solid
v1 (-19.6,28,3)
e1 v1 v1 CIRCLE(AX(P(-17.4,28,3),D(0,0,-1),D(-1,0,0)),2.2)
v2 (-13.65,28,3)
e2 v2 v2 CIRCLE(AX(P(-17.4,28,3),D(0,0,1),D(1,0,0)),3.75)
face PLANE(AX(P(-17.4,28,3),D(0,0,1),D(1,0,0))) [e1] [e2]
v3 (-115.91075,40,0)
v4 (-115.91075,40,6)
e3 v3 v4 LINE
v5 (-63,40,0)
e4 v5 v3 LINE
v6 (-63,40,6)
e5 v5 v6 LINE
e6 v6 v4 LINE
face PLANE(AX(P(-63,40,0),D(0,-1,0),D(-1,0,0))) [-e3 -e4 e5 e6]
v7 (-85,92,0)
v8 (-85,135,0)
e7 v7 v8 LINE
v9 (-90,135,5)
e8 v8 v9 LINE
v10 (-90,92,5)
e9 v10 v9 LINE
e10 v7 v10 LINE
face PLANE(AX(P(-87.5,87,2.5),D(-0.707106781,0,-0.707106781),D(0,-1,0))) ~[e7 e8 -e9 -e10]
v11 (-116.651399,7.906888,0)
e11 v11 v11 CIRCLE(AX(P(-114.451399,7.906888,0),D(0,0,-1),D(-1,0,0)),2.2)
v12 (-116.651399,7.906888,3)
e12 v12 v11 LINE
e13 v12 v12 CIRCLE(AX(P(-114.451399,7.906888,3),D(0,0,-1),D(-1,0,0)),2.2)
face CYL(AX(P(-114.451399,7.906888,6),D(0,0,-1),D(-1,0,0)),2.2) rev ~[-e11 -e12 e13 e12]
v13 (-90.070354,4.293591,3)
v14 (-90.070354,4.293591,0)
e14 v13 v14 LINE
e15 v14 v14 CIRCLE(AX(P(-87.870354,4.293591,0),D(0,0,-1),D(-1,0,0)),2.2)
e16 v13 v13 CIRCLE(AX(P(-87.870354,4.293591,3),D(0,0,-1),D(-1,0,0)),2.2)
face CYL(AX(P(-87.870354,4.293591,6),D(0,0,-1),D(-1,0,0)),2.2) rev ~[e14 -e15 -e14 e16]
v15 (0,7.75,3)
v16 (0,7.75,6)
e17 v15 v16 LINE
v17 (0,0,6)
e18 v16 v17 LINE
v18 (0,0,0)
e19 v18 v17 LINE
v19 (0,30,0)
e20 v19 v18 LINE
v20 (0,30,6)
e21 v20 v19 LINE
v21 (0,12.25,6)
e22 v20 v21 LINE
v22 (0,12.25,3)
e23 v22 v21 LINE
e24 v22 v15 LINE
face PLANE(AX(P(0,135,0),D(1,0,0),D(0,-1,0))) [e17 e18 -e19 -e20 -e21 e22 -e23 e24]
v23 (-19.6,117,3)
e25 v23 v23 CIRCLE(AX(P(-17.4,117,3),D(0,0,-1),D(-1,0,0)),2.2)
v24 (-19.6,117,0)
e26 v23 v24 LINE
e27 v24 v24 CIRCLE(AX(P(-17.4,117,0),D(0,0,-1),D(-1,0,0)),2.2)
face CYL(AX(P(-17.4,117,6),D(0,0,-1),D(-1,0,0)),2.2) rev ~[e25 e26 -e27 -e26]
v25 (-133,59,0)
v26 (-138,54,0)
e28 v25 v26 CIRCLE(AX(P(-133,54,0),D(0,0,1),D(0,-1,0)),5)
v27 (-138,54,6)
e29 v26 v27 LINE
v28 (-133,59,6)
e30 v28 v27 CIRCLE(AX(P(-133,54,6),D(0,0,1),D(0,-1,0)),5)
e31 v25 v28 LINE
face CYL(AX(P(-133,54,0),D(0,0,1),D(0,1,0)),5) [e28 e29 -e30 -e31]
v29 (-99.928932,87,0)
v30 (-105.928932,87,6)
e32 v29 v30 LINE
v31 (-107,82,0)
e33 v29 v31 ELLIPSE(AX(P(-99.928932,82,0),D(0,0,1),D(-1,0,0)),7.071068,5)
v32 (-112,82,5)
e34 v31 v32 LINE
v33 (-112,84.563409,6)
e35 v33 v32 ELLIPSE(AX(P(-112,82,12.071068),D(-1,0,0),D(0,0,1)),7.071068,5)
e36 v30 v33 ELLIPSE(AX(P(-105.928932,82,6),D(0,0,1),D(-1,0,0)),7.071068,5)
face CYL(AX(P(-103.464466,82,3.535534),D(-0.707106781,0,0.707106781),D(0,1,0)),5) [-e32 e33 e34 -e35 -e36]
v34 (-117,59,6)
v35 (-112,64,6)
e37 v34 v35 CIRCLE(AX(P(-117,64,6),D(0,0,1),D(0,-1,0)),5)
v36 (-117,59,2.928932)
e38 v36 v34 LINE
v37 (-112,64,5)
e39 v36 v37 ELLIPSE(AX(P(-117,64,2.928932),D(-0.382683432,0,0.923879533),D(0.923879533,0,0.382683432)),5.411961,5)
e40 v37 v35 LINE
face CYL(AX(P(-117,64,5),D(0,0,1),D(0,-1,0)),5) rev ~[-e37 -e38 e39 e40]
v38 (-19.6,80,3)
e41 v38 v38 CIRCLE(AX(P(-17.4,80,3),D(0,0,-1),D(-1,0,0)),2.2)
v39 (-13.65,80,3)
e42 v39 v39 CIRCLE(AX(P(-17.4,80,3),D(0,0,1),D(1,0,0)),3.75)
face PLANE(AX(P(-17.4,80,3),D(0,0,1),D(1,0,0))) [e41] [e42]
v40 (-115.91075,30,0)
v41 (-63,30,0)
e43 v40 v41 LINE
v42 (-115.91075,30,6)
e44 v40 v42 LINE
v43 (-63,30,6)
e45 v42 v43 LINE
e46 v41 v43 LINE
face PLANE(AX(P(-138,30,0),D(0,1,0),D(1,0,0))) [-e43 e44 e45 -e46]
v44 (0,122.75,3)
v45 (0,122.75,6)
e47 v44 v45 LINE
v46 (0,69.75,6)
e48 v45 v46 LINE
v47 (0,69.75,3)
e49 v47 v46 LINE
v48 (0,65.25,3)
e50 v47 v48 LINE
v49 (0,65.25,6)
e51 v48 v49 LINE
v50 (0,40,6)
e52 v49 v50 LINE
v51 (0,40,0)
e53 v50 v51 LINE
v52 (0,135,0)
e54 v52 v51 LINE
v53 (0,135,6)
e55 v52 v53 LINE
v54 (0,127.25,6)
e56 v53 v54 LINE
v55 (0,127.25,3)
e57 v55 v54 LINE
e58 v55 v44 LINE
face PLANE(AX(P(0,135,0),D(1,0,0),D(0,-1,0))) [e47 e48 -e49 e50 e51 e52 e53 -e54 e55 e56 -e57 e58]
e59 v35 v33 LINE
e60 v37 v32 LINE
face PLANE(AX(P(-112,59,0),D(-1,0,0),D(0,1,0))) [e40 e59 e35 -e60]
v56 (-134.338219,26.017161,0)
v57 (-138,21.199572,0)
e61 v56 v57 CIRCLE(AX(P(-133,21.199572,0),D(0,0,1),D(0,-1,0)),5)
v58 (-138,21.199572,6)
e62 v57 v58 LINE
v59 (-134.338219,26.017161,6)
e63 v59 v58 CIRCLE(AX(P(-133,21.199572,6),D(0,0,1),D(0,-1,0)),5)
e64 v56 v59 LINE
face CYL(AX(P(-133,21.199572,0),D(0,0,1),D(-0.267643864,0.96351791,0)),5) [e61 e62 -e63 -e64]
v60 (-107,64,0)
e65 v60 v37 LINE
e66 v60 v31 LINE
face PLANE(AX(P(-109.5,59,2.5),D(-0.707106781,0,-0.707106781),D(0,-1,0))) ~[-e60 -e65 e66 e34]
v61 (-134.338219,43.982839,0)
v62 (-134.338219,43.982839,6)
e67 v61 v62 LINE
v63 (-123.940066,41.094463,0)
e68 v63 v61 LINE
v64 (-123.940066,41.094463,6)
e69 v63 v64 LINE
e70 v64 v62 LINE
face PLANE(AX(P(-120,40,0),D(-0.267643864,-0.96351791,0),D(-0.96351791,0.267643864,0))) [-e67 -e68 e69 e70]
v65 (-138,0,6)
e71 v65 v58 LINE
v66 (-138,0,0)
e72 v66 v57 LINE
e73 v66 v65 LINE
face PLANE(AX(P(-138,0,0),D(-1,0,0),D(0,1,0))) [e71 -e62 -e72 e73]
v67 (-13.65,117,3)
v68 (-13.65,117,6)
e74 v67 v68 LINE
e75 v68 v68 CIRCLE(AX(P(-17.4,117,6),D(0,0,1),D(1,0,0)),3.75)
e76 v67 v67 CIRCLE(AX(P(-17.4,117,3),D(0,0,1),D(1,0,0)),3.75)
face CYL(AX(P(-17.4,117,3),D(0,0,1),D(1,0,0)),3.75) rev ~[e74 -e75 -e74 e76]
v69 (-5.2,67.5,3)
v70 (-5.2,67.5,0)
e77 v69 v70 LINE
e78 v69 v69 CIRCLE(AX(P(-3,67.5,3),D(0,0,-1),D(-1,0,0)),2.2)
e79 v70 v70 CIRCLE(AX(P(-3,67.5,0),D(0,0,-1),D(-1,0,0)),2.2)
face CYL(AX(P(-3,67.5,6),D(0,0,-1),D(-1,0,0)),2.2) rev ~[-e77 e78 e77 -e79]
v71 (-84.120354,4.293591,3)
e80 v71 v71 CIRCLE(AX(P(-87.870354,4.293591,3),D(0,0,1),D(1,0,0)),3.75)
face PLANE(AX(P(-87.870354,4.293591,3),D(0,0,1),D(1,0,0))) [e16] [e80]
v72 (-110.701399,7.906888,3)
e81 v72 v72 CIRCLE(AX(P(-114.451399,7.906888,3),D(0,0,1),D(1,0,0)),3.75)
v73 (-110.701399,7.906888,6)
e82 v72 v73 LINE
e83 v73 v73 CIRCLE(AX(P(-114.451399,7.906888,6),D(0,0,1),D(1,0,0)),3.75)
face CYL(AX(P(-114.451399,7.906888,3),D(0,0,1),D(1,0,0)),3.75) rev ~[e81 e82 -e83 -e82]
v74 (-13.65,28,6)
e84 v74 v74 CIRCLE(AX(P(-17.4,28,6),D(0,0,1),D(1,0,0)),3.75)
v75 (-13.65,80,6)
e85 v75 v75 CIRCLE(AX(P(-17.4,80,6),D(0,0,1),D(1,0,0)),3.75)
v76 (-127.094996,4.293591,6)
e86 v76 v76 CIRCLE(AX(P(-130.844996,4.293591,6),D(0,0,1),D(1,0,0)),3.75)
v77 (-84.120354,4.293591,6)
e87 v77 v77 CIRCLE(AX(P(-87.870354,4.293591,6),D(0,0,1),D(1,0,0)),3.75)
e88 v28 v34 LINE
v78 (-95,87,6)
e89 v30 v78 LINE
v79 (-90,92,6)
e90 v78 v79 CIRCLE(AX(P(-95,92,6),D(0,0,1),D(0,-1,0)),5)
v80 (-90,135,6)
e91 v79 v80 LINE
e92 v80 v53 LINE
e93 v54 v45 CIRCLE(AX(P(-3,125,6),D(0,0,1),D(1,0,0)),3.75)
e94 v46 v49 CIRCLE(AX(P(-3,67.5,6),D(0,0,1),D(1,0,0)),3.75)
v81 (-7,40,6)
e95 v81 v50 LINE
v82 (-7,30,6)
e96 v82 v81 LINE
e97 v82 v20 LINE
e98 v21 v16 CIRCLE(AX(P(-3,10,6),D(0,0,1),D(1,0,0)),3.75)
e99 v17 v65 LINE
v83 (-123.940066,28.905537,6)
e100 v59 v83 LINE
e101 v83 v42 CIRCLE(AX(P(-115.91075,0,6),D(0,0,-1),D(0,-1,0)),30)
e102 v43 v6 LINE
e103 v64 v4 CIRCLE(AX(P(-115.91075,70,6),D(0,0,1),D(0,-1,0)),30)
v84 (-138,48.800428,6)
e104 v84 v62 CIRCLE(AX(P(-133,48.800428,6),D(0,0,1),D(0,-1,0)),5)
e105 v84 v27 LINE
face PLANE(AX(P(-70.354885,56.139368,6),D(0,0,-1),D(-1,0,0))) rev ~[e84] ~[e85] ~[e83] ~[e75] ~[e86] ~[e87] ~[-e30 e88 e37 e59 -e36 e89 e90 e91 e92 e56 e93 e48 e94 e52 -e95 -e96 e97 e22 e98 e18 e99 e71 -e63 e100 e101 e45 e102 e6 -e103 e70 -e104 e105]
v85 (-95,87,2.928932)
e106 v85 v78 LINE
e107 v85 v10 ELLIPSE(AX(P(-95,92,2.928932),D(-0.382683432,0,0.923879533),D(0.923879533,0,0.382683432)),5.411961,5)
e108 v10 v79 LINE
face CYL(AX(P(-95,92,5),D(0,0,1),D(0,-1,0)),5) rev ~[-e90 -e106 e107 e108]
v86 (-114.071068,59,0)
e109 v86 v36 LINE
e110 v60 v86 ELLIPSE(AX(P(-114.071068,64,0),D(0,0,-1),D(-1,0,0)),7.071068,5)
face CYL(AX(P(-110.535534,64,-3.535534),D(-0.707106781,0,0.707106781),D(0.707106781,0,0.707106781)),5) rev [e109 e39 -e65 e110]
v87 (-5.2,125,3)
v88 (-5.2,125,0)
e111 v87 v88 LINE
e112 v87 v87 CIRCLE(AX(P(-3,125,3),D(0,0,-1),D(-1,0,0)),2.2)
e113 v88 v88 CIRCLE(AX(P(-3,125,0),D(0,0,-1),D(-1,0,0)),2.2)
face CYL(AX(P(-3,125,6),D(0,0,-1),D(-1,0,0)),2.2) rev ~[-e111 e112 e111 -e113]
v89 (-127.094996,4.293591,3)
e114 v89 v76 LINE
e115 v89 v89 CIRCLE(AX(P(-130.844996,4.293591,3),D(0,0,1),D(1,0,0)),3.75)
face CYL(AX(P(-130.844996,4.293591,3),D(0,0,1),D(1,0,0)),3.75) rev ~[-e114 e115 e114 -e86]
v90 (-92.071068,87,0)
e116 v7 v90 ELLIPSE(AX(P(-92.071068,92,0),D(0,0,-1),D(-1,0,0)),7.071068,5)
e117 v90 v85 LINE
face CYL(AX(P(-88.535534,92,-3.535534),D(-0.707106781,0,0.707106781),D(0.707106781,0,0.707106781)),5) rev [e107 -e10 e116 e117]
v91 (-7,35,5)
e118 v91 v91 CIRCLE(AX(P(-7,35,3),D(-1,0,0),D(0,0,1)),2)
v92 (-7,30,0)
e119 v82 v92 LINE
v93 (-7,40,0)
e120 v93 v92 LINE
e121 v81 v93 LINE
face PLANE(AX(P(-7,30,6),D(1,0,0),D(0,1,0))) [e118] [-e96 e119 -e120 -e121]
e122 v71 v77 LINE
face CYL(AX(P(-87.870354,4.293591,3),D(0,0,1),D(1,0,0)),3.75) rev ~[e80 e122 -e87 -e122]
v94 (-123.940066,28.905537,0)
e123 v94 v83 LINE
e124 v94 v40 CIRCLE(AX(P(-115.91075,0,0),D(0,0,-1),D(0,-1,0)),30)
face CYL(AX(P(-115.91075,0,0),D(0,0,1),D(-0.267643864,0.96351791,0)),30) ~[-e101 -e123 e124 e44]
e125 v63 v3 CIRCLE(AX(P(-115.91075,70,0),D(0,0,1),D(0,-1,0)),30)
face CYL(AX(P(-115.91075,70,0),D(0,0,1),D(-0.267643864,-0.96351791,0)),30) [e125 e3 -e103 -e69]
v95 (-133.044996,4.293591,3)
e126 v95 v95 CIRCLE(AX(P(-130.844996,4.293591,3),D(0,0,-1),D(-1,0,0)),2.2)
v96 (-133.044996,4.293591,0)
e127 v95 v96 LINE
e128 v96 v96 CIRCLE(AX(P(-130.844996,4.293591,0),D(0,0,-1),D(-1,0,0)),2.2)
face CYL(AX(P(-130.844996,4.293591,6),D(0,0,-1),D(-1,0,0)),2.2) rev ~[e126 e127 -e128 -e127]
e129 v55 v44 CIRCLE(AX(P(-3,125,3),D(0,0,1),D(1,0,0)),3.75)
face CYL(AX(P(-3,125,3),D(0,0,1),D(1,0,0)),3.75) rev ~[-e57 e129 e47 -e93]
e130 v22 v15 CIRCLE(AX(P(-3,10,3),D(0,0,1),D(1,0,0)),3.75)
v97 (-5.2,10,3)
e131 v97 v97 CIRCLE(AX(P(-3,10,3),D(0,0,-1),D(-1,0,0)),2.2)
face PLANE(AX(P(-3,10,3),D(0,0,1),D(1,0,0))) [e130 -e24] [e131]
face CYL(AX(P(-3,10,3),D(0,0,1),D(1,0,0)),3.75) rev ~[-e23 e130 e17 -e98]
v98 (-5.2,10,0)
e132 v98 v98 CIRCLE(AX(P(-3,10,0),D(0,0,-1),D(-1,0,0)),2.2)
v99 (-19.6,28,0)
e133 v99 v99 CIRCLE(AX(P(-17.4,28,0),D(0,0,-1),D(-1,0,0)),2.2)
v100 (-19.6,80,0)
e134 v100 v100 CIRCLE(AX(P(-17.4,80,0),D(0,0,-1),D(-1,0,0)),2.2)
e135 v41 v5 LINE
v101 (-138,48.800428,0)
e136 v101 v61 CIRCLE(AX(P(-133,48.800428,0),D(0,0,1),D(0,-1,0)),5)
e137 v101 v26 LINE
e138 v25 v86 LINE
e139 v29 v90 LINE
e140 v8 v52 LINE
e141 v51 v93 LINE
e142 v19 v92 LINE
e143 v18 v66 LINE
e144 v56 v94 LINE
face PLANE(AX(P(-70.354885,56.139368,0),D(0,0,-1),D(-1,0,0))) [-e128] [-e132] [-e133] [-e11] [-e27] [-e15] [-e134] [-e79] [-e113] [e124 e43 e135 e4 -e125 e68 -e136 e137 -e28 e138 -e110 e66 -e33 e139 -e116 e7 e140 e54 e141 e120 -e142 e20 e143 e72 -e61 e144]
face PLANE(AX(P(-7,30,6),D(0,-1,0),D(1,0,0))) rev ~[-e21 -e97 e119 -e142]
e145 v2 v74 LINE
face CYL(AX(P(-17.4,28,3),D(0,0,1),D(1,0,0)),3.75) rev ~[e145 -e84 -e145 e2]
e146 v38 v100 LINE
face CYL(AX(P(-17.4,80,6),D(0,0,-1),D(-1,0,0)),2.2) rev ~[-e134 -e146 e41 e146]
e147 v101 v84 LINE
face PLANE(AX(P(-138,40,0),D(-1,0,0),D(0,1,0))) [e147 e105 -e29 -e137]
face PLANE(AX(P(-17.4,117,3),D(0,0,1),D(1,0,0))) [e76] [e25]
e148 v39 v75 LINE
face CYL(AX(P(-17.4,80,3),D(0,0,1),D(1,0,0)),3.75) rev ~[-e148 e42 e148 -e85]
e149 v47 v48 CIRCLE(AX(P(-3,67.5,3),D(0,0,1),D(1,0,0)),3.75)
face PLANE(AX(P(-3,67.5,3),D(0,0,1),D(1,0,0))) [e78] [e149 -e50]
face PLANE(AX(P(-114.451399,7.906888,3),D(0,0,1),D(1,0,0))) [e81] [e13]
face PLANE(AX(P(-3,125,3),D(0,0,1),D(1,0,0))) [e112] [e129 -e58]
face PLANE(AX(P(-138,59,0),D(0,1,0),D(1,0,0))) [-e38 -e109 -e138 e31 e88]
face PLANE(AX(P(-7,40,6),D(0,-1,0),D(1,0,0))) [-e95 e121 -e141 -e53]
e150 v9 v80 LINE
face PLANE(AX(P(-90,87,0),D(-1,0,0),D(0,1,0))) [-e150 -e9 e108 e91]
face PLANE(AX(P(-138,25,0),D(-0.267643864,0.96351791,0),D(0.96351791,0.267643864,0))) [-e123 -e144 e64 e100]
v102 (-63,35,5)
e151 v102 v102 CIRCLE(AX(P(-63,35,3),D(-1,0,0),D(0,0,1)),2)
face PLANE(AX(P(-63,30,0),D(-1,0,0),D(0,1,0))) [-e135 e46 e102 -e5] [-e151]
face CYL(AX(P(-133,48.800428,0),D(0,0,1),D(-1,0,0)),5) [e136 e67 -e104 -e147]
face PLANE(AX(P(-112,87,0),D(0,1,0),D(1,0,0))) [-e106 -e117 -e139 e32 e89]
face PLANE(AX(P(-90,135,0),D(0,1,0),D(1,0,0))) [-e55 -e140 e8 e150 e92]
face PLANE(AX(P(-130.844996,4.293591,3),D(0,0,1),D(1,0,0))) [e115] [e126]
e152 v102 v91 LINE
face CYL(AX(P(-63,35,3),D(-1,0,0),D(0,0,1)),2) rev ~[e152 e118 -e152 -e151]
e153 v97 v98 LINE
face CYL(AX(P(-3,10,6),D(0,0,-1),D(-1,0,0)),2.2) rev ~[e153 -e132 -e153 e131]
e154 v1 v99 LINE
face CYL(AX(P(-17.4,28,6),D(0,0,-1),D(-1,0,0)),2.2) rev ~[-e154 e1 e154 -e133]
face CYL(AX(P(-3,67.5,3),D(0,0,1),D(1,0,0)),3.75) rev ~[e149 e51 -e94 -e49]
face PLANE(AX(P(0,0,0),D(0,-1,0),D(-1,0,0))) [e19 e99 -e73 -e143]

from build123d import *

# Parameters (mm, degrees)
BOSS_EXTRUDE1_DEPTH = 6
CUT_EXTRUDE1_DEPTH  = 194.145023234
SKETCH5_R           = 2
CUT_EXTRUDE2_DEPTH  = 155.550962469
FILLET1_R           = 30
CHAMFER1_SIZE       = 5
FILLET2_R           = 5
SKETCH6_W           = 7
SKETCH6_H           = 10
CUT_EXTRUDE3_DEPTH  = 194.145023234
HOLE1_D             = 4.4
HOLE1_CBORE_D       = 7.5
HOLE1_CBORE_DEPTH   = 3
HOLE2_D             = 4.4
HOLE2_CBORE_D       = 7.5
HOLE2_CBORE_DEPTH   = 3
FILLET3_R           = 5
FILLET5_R           = 5
HOLE3_D             = 4.4
HOLE3_CBORE_D       = 7.5
HOLE3_CBORE_DEPTH   = 3


with BuildPart() as part:
    # Sketch1 → Boss-Extrude1 (new body)
    with BuildSketch(Plane.XY):
        Polygon((0, 0), (-138, 0), (-138, 30), (-63, 30), (-63, 40), (-138, 40), (-138, 59), (-112, 59), (-112, 87), (-90, 87), (-90, 135), (0, 135), align=None)
    extrude(amount=BOSS_EXTRUDE1_DEPTH)

    # Sketch4 → Cut-Extrude1 (cut, through all)
    with BuildSketch(Plane(origin=(0, 0, 0), x_dir=(-1, 0, 0), z_dir=(0, 0, -1))):
        Polygon((120, 40), (138, 45), (138, 40), align=None)
        Polygon((120, 30), (138, 30), (138, 25), align=None)
    extrude(amount=-CUT_EXTRUDE1_DEPTH, mode=Mode.SUBTRACT)

    # Sketch5 → Cut-Extrude2 (cut, through all)
    with BuildSketch(Plane.ZY.offset(63)):
        with Locations((3, 35)):
            Circle(SKETCH5_R)
    extrude(amount=-CUT_EXTRUDE2_DEPTH, mode=Mode.SUBTRACT)

    # Fillet1
    fillet1_edges = [part.edges().sort_by_distance(p)[0] for p in [
        (-120, 40, 3),
        (-120, 30, 3),
    ]]
    fillet(fillet1_edges, radius=FILLET1_R)

    # Chamfer1
    chamfer1_edges = [part.edges().sort_by_distance(p)[0] for p in [
        (-112, 73, 0),
        (-90, 111, 0),
    ]]
    chamfer(chamfer1_edges, length=CHAMFER1_SIZE)

    # Fillet2
    fillet2_edges = [part.edges().sort_by_distance(p)[0] for p in [
        (-138, 59, 3),
        (-138, 45, 3),
        (-138, 25, 3),
    ]]
    fillet(fillet2_edges, radius=FILLET2_R)

    # Sketch6 → Cut-Extrude3 (cut, through all)
    with BuildSketch(Plane.XY.offset(6)):
        with Locations((-3.5, 35)):
            Rectangle(SKETCH6_W, SKETCH6_H)
    extrude(amount=-CUT_EXTRUDE3_DEPTH, mode=Mode.SUBTRACT)

    # Hole1 (through all)
    with Locations(Plane.XY.offset(6)):
        with Locations((-17.4, 117), (-17.4, 80), (-17.4, 28)):
            CounterBoreHole(HOLE1_D / 2, HOLE1_CBORE_D / 2, HOLE1_CBORE_DEPTH)

    # Hole2 (through all)
    with Locations(Plane.XY.offset(6)):
        with Locations((-3, 125), (-3, 67.5), (-3, 10)):
            CounterBoreHole(HOLE2_D / 2, HOLE2_CBORE_D / 2, HOLE2_CBORE_DEPTH)

    # Fillet3
    fillet3_edges = [part.edges().sort_by_distance(p)[0] for p in [
        (-112, 59, 5.5),
        (-90, 87, 5.5),
        (-109.5, 59, 2.5),
        (-87.5, 87, 2.5),
    ]]
    fillet(fillet3_edges, radius=FILLET3_R)

    # Fillet5
    fillet5_edges = [part.edges().sort_by_distance(p)[0] for p in [
        (-109.5, 87, 2.5),
    ]]
    fillet(fillet5_edges, radius=FILLET5_R)

    # Hole3 (through all)
    with Locations(Plane.XY.offset(6)):
        with Locations((-130.844995532, 4.293591352), (-114.451398707, 7.906888356), (-87.870353785, 4.293591352)):
            CounterBoreHole(HOLE3_D / 2, HOLE3_CBORE_D / 2, HOLE3_CBORE_DEPTH)


solid = part.part
